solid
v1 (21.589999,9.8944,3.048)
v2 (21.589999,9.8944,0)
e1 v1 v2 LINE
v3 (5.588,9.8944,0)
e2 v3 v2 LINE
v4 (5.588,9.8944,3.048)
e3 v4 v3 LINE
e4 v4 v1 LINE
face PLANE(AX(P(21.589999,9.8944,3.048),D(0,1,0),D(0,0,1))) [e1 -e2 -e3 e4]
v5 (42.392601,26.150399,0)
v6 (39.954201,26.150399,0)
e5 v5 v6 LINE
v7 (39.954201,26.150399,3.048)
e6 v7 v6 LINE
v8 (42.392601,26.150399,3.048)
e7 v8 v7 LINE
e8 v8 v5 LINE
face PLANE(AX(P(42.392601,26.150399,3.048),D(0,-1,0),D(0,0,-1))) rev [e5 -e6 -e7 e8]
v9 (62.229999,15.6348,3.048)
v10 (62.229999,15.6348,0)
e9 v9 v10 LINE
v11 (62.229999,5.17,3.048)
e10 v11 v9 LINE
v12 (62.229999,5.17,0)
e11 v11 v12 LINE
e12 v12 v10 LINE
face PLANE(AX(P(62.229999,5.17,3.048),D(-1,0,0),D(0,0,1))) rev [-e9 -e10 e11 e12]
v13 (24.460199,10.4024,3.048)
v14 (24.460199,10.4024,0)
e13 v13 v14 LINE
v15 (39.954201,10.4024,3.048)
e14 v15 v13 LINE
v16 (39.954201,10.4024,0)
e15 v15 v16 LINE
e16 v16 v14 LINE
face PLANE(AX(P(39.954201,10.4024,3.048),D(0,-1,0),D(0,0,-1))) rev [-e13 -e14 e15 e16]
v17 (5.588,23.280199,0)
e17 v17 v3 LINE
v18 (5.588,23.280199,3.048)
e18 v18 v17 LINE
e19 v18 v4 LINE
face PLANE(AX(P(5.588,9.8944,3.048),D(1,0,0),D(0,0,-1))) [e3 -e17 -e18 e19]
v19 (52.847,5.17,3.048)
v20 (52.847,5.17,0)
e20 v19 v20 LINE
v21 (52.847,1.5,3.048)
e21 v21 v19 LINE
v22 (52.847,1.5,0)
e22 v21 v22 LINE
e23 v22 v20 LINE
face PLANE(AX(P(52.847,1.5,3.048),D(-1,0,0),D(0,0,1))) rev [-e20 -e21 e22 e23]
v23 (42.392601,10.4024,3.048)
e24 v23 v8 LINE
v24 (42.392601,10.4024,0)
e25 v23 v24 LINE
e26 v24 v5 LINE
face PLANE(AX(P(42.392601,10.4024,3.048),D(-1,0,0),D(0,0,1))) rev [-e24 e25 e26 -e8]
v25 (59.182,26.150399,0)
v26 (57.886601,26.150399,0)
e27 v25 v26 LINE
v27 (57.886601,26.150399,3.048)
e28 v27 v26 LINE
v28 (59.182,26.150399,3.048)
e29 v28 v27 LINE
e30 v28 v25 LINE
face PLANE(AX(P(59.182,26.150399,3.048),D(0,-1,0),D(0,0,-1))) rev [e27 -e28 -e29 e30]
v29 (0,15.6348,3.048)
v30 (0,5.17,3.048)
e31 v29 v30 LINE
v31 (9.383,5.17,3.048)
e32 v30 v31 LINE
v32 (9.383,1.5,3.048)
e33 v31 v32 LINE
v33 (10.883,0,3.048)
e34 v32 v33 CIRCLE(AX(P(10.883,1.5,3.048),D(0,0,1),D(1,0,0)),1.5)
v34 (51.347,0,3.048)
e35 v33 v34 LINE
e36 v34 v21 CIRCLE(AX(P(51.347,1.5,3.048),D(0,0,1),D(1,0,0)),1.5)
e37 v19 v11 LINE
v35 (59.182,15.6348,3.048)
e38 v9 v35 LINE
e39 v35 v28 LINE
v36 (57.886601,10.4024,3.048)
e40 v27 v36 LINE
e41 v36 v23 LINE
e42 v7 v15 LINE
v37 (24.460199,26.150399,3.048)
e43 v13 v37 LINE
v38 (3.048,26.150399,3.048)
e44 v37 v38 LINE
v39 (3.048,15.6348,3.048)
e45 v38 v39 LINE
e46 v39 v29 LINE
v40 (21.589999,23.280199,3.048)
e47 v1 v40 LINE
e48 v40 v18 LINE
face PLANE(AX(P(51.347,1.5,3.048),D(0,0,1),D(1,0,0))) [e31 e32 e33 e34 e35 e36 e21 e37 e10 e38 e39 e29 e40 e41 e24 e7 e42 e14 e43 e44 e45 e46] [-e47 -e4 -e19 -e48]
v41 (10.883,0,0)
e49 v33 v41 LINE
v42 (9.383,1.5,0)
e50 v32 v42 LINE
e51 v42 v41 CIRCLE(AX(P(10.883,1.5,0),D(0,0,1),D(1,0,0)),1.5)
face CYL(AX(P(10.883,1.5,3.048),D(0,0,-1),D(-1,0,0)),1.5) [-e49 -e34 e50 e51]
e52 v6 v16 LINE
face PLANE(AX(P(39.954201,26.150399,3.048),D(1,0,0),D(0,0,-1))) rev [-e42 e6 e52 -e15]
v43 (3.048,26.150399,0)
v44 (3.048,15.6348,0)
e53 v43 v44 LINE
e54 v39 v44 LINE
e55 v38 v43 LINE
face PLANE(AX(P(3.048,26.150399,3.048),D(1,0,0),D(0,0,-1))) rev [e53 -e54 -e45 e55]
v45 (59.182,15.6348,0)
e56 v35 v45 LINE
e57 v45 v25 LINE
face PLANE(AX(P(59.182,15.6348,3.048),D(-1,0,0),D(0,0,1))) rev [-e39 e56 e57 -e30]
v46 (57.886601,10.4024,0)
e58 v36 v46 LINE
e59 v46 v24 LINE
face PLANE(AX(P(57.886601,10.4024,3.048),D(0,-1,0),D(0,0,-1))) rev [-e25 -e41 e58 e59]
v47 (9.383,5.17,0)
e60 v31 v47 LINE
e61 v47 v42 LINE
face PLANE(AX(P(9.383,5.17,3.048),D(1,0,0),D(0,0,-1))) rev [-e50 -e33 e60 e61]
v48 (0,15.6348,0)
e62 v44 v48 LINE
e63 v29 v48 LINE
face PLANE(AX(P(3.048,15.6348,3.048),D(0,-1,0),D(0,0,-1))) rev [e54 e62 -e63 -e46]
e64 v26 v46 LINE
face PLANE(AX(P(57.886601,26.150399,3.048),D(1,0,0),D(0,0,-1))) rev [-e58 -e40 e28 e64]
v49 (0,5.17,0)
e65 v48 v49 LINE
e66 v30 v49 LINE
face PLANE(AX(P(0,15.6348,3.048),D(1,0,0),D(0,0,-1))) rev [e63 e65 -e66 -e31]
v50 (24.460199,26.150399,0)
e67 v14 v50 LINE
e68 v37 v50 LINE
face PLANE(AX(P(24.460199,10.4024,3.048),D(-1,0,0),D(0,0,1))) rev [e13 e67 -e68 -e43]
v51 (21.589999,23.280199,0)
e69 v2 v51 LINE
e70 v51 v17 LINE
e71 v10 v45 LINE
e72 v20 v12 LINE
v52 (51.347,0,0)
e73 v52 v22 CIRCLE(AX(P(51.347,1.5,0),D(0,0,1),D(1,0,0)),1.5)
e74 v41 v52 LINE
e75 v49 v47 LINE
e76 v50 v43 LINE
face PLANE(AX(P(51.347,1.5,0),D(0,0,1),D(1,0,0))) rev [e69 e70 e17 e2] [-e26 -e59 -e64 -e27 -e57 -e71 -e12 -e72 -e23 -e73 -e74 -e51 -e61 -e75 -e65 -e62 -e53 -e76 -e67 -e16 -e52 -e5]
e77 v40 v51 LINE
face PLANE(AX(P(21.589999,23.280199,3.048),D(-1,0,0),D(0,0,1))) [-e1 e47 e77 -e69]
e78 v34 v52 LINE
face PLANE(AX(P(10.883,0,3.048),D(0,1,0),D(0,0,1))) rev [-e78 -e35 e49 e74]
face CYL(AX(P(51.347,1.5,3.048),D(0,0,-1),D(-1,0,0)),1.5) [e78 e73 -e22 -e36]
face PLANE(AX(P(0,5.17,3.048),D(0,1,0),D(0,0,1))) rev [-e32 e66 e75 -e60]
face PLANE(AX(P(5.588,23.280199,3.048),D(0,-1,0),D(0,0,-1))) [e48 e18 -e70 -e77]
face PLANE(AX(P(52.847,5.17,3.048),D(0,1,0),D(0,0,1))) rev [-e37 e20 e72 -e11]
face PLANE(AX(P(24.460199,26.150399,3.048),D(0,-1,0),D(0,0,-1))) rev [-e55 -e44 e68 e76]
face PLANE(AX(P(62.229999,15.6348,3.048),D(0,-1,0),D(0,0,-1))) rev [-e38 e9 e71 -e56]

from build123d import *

# Parameters (mm, degrees)
MODEL_W             = 16.001999145
MODEL_H             = 13.385799247
BOSS_EXTRUDE1_DEPTH = 3.048


with BuildPart() as part:
    # Model → Boss-Extrude1 (new body)
    with BuildSketch(Plane.XY):
        with BuildLine():
            Line((3.047999926, 15.63479994), (0, 15.63479994))
            Line((0, 15.63479994), (0, 5.17))
            Line((0, 5.17), (9.382999755, 5.17))
            Line((9.382999755, 5.17), (9.382999755, 1.5))
            ThreePointArc((9.382999755, 1.5), (9.822339583, 0.439339828), (10.882999755, 0))
            Line((10.882999755, 0), (51.346999833, 0))
            ThreePointArc((51.346999833, 0), (52.407660005, 0.439339828), (52.846999833, 1.5))
            Line((52.846999833, 1.5), (52.846999833, 5.17))
            Line((52.846999833, 5.17), (62.229999341, 5.17))
            Line((62.229999341, 5.17), (62.229999341, 15.63479994))
            Line((62.229999341, 15.63479994), (59.182000346, 15.63479994))
            Line((59.182000346, 15.63479994), (59.182000346, 26.150399451))
            Line((59.182000346, 26.150399451), (57.886601426, 26.150399451))
            Line((57.886601426, 26.150399451), (57.886601426, 10.402400144))
            Line((57.886601426, 10.402400144), (42.392601259, 10.402400144))
            Line((42.392601259, 10.402400144), (42.392601259, 26.150399451))
            Line((42.392601259, 26.150399451), (39.954201318, 26.150399451))
            Line((39.954201318, 26.150399451), (39.954201318, 10.402400144))
            Line((39.954201318, 10.402400144), (24.460199289, 10.402400144))
            Line((24.460199289, 10.402400144), (24.460199289, 26.150399451))
            Line((24.460199289, 26.150399451), (3.047999926, 26.150399451))
            Line((3.047999926, 26.150399451), (3.047999926, 15.63479994))
        make_face()
        with Locations((13.588999515, 16.587299626)):
            Rectangle(MODEL_W, MODEL_H, mode=Mode.SUBTRACT)
    extrude(amount=BOSS_EXTRUDE1_DEPTH)


solid = part.part
